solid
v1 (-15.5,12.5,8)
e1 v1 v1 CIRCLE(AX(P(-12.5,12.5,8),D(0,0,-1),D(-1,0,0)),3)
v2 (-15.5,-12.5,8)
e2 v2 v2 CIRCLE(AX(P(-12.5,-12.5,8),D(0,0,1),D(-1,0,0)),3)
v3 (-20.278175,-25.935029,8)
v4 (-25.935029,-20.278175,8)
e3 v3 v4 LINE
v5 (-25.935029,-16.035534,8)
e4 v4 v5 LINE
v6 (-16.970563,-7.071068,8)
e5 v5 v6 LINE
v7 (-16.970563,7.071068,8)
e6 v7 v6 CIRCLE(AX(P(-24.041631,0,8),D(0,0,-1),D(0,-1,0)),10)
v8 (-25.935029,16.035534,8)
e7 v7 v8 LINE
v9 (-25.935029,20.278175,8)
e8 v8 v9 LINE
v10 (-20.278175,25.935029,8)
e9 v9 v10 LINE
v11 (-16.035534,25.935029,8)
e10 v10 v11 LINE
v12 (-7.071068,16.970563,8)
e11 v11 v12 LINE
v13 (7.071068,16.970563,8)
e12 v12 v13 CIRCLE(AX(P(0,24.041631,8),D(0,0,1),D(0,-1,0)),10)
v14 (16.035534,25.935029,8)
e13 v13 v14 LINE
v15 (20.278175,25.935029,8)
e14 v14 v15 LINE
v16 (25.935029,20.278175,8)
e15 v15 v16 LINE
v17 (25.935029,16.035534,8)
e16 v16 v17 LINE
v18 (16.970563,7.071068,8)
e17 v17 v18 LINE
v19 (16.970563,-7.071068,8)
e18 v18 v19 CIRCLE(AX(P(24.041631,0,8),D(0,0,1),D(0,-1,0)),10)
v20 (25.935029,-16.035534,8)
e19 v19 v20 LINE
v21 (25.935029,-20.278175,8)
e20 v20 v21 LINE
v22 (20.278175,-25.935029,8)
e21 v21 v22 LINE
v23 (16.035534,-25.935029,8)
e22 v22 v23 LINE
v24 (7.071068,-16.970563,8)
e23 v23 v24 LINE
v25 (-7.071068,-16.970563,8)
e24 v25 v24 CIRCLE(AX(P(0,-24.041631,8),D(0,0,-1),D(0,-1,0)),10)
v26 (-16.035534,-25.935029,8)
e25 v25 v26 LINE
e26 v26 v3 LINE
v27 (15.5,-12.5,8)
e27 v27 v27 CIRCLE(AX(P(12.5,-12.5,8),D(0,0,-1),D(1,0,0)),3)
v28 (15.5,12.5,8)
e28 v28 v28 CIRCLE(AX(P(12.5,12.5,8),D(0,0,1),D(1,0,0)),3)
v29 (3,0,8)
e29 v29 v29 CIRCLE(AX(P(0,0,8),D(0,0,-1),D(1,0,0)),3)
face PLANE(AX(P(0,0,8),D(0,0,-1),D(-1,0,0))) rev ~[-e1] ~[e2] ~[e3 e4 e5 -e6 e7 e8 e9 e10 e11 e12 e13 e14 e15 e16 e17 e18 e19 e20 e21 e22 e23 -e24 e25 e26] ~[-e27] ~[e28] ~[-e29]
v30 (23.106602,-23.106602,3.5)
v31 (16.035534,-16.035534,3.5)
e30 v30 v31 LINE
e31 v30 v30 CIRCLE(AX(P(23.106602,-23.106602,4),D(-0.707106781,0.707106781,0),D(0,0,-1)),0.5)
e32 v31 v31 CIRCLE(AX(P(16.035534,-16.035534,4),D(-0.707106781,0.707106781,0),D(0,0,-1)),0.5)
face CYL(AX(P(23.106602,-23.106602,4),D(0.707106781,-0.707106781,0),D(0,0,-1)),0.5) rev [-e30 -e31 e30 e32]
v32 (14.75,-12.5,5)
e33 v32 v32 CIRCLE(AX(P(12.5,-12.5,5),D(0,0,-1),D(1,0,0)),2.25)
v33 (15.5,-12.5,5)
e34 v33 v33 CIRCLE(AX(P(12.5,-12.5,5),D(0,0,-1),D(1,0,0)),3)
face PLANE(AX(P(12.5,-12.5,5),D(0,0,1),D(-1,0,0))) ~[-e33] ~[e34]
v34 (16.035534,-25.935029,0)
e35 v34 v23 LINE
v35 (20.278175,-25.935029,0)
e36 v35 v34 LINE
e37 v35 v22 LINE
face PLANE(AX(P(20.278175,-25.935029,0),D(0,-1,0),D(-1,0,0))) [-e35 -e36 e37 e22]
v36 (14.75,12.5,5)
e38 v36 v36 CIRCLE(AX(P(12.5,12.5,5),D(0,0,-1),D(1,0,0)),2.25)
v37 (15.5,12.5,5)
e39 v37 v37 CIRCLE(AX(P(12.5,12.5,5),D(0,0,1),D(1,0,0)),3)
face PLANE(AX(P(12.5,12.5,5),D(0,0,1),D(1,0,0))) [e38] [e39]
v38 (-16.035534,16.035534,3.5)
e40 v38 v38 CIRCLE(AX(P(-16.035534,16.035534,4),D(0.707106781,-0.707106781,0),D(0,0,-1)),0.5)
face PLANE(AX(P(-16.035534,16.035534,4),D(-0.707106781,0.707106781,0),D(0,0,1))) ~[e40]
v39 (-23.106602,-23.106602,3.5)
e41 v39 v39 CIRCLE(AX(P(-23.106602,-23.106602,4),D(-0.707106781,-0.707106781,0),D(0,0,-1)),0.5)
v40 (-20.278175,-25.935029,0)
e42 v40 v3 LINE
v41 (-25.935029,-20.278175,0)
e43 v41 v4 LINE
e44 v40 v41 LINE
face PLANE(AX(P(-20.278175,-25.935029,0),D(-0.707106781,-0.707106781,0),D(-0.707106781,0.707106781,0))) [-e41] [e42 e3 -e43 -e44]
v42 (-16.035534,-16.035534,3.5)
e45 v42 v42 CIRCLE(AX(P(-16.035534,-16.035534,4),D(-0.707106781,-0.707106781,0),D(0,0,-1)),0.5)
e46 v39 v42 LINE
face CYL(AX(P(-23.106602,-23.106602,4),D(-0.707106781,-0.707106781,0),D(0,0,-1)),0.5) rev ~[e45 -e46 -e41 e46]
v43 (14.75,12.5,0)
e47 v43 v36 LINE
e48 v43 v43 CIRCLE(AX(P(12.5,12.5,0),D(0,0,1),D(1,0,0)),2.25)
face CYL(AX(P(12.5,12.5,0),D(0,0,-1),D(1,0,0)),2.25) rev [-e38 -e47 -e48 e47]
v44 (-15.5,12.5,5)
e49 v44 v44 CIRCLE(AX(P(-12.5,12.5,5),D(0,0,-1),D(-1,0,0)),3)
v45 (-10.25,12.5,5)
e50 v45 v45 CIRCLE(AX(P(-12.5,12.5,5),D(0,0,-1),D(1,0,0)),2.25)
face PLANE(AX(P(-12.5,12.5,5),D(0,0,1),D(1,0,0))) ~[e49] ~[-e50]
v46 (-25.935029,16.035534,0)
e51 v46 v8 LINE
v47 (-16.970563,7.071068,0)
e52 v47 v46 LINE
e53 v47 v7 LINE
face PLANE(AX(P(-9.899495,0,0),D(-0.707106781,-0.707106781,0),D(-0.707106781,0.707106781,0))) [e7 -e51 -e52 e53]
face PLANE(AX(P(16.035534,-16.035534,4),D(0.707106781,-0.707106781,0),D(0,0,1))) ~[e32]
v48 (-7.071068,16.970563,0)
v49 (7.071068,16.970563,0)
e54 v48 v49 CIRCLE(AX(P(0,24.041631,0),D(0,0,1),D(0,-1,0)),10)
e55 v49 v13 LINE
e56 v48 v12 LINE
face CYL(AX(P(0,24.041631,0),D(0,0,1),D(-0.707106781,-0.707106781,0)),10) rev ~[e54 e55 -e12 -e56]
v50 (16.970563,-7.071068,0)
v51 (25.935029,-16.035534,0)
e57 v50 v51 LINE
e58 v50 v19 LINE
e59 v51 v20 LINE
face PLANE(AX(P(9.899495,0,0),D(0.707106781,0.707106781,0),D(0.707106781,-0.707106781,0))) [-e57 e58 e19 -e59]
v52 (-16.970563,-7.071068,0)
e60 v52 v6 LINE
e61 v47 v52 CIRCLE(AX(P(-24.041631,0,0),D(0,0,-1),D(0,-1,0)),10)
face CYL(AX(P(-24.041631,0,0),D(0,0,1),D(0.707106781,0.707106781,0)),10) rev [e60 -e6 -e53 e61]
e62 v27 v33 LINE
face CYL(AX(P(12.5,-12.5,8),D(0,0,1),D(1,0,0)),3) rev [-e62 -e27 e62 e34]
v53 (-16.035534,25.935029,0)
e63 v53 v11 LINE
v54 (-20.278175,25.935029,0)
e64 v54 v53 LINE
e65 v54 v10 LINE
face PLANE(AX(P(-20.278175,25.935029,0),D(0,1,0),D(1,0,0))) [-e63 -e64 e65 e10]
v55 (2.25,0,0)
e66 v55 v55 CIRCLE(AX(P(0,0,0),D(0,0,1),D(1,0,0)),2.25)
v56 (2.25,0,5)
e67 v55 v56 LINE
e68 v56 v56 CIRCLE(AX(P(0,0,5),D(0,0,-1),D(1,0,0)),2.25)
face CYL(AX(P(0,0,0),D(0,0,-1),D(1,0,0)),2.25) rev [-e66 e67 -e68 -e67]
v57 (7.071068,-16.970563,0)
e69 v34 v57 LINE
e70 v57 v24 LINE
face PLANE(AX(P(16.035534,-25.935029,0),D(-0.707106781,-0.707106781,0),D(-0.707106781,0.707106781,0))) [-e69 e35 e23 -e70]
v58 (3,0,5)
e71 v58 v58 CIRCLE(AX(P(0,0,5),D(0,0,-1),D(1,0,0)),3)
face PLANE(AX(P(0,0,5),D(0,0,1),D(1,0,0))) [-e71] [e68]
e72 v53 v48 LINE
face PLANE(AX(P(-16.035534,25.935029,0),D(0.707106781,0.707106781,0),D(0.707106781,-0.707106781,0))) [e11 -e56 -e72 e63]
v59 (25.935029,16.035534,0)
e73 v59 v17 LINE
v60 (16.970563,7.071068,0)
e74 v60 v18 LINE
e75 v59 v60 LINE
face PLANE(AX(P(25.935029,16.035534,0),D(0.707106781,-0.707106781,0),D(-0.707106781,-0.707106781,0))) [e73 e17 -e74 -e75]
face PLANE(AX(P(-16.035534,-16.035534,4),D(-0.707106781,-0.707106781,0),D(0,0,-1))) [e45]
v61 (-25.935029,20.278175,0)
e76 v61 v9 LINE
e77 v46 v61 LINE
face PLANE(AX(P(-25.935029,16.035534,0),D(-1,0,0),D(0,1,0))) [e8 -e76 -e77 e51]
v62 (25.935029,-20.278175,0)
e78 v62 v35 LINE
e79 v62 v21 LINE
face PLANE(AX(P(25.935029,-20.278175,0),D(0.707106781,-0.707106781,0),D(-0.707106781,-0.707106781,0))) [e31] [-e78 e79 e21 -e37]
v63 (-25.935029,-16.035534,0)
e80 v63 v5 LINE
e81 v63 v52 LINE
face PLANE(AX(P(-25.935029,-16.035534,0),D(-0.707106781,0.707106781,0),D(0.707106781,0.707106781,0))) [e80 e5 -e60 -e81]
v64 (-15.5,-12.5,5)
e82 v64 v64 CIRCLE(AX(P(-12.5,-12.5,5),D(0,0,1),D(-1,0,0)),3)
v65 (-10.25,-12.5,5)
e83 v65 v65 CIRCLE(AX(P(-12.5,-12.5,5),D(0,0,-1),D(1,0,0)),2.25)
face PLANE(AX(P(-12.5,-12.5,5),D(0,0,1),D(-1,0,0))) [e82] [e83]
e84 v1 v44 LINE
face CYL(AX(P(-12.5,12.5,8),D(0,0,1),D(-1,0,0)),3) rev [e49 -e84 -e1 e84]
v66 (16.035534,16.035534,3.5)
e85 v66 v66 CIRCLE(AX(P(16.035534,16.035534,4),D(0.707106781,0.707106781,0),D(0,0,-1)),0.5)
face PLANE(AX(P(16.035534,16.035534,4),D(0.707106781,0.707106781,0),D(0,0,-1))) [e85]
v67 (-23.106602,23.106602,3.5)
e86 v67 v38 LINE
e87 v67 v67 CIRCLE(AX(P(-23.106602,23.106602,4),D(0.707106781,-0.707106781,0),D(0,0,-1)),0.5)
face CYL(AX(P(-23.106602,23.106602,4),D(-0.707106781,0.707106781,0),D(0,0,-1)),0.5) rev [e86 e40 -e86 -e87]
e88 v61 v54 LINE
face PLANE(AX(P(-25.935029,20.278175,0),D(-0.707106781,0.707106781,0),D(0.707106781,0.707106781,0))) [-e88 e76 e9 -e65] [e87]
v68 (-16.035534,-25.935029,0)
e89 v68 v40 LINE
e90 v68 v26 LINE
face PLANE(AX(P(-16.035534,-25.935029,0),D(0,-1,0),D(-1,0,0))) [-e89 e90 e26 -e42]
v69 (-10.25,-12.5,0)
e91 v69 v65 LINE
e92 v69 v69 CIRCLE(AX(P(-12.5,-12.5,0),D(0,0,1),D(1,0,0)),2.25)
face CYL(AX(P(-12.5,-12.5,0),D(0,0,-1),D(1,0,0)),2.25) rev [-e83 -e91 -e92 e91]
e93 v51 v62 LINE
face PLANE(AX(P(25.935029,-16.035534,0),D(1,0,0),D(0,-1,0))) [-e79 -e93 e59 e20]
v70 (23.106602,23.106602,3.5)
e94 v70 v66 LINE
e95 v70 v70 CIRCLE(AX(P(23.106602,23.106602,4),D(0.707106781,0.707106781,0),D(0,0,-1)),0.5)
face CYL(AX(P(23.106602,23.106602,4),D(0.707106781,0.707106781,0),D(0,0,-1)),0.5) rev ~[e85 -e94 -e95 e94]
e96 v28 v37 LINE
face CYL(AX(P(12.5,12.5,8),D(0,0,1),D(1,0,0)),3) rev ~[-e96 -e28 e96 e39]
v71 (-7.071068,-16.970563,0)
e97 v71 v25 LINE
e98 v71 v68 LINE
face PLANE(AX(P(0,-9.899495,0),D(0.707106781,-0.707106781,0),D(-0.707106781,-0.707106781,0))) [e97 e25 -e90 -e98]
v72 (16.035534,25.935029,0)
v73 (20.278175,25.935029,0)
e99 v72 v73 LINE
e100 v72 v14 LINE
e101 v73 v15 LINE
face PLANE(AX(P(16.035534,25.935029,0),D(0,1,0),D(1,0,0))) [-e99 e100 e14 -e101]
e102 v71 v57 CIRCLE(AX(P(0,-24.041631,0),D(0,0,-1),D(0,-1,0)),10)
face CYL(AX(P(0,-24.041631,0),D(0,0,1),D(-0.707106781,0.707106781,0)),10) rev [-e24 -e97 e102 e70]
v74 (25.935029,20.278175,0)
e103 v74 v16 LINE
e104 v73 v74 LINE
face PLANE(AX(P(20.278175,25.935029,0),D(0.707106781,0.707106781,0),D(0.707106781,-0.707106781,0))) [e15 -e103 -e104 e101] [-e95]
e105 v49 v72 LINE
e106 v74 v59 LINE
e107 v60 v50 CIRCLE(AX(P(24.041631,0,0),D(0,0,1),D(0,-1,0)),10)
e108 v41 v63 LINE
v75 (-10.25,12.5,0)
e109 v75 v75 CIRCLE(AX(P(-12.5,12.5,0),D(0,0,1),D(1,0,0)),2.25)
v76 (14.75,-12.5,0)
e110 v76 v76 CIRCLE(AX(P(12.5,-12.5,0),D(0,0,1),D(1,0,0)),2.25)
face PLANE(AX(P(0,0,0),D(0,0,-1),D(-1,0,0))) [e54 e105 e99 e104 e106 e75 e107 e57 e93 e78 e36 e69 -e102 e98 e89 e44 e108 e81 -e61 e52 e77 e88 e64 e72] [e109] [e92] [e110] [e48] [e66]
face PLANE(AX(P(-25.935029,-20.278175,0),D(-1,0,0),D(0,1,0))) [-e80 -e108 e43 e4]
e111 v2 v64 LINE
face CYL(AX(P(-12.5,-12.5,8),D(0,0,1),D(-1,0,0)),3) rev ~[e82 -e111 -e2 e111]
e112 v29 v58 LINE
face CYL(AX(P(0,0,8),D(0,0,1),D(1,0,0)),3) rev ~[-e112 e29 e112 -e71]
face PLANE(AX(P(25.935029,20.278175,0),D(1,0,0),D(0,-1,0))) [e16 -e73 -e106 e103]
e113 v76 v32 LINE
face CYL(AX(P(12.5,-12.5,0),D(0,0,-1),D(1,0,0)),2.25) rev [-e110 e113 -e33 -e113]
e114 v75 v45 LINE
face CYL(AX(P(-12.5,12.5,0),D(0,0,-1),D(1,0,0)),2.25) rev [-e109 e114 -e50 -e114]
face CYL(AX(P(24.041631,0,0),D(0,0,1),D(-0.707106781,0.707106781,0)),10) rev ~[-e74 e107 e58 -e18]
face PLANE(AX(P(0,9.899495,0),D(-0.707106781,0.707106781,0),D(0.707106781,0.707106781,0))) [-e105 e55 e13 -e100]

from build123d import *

# Parameters (mm, degrees)
ESQUISSE1_R               = 2.25
BOSS_EXTRU_1_DEPTH        = 8
CONG_1_R                  = 10
ESQUISSE2_R               = 0.5
ENL_V_MAT_EXTRU_1_DEPTH   = 10
ESQUISSE3_R               = 3
ENL_V_MAT_EXTRU_2_DEPTH   = 3
SYM_TRIE2_COPY_1_SKETCH_R = 0.5
SYM_TRIE2_COPY_1_DEPTH    = 10
SYM_TRIE2_COPY_2_SKETCH_R = 3
SYM_TRIE2_COPY_2_DEPTH    = 3


with BuildPart() as part:
    # Esquisse1 → Boss.-Extru.1 (new body)
    with BuildSketch(Plane.XY):
        Polygon((-9.899494937, 0), (-25.935028843, 16.035533906), (-25.935028843, 20.278174593), (-20.278174593, 25.935028843), (-16.035533906, 25.935028843), (0, 9.899494937), (16.035533906, 25.935028843), (20.278174593, 25.935028843), (25.935028843, 20.278174593), (25.935028843, 16.035533906), (9.899494937, 0), (25.935028843, -16.035533906), (25.935028843, -20.278174593), (20.278174593, -25.935028843), (16.035533906, -25.935028843), (0, -9.899494937), (-16.035533906, -25.935028843), (-20.278174593, -25.935028843), (-25.935028843, -20.278174593), (-25.935028843, -16.035533906), align=None)
        with Locations((-12.5, -12.5)):
            Circle(ESQUISSE1_R, mode=Mode.SUBTRACT)
        with Locations((12.5, -12.5)):
            Circle(ESQUISSE1_R, mode=Mode.SUBTRACT)
        Circle(ESQUISSE1_R, mode=Mode.SUBTRACT)
        with Locations((12.5, 12.5)):
            Circle(ESQUISSE1_R, mode=Mode.SUBTRACT)
        with Locations((-12.5, 12.5)):
            Circle(ESQUISSE1_R, mode=Mode.SUBTRACT)
    extrude(amount=BOSS_EXTRU_1_DEPTH)

    # Congé1
    cong_1_edges = [part.edges().sort_by_distance(p)[0] for p in [
        (0, 9.899494937, 4),
        (9.899494937, 0, 4),
        (0, -9.899494937, 4),
        (-9.899494937, 0, 4),
    ]]
    fillet(cong_1_edges, radius=CONG_1_R)

    # Esquisse2 → Enlèv. mat.-Extru.1 (cut)
    with BuildSketch(Plane(origin=(23.106601718, 23.106601718, 0), x_dir=(0, 0, -1), z_dir=(0.707106781, 0.707106781, 0))):
        with Locations((-4, 0)):
            Circle(ESQUISSE2_R)
    enl_v_mat_extru_1 = extrude(amount=-ENL_V_MAT_EXTRU_1_DEPTH, mode=Mode.SUBTRACT)

    # Esquisse3 → Enlèv. mat.-Extru.2 (cut)
    with BuildSketch(Plane.XY.offset(8)):
        with Locations((12.5, 12.5)):
            Circle(ESQUISSE3_R)
        Circle(ESQUISSE3_R)
    enl_v_mat_extru_2 = extrude(amount=-ENL_V_MAT_EXTRU_2_DEPTH, mode=Mode.SUBTRACT)

    # Symétrie1: Enlèv. mat.-Extru.1, Enlèv. mat.-Extru.2 across plane
    add(enl_v_mat_extru_1.mirror(Plane.ZX), mode=Mode.SUBTRACT)
    add(enl_v_mat_extru_2.mirror(Plane.ZX), mode=Mode.SUBTRACT)

    # Symétrie2: Enlèv. mat.-Extru.1, Enlèv. mat.-Extru.2 across plane
    add(enl_v_mat_extru_1.mirror(Plane(origin=(0, 0, 0), x_dir=(0, 0, 1), z_dir=(1, 0, 0))), mode=Mode.SUBTRACT)
    add(enl_v_mat_extru_2.mirror(Plane(origin=(0, 0, 0), x_dir=(0, 0, 1), z_dir=(1, 0, 0))), mode=Mode.SUBTRACT)

    # Symétrie2 copy 1 sketch → Symétrie2 copy 1 (cut)
    with BuildSketch(Plane(origin=(-23.106601718, -23.106601718, 0), x_dir=(0, 0, -1), z_dir=(-0.707106781, -0.707106781, 0))):
        with Locations((-4, 0)):
            Circle(SYM_TRIE2_COPY_1_SKETCH_R)
    extrude(amount=-SYM_TRIE2_COPY_1_DEPTH, mode=Mode.SUBTRACT)

    # Symétrie2 copy 2 sketch → Symétrie2 copy 2 (cut)
    with BuildSketch(Plane(origin=(0, 0, 8), x_dir=(-1, 0, 0), z_dir=(0, 0, 1))):
        with Locations((12.5, 12.5)):
            Circle(SYM_TRIE2_COPY_2_SKETCH_R)
        Circle(SYM_TRIE2_COPY_2_SKETCH_R)
    extrude(amount=-SYM_TRIE2_COPY_2_DEPTH, mode=Mode.SUBTRACT)


solid = part.part
